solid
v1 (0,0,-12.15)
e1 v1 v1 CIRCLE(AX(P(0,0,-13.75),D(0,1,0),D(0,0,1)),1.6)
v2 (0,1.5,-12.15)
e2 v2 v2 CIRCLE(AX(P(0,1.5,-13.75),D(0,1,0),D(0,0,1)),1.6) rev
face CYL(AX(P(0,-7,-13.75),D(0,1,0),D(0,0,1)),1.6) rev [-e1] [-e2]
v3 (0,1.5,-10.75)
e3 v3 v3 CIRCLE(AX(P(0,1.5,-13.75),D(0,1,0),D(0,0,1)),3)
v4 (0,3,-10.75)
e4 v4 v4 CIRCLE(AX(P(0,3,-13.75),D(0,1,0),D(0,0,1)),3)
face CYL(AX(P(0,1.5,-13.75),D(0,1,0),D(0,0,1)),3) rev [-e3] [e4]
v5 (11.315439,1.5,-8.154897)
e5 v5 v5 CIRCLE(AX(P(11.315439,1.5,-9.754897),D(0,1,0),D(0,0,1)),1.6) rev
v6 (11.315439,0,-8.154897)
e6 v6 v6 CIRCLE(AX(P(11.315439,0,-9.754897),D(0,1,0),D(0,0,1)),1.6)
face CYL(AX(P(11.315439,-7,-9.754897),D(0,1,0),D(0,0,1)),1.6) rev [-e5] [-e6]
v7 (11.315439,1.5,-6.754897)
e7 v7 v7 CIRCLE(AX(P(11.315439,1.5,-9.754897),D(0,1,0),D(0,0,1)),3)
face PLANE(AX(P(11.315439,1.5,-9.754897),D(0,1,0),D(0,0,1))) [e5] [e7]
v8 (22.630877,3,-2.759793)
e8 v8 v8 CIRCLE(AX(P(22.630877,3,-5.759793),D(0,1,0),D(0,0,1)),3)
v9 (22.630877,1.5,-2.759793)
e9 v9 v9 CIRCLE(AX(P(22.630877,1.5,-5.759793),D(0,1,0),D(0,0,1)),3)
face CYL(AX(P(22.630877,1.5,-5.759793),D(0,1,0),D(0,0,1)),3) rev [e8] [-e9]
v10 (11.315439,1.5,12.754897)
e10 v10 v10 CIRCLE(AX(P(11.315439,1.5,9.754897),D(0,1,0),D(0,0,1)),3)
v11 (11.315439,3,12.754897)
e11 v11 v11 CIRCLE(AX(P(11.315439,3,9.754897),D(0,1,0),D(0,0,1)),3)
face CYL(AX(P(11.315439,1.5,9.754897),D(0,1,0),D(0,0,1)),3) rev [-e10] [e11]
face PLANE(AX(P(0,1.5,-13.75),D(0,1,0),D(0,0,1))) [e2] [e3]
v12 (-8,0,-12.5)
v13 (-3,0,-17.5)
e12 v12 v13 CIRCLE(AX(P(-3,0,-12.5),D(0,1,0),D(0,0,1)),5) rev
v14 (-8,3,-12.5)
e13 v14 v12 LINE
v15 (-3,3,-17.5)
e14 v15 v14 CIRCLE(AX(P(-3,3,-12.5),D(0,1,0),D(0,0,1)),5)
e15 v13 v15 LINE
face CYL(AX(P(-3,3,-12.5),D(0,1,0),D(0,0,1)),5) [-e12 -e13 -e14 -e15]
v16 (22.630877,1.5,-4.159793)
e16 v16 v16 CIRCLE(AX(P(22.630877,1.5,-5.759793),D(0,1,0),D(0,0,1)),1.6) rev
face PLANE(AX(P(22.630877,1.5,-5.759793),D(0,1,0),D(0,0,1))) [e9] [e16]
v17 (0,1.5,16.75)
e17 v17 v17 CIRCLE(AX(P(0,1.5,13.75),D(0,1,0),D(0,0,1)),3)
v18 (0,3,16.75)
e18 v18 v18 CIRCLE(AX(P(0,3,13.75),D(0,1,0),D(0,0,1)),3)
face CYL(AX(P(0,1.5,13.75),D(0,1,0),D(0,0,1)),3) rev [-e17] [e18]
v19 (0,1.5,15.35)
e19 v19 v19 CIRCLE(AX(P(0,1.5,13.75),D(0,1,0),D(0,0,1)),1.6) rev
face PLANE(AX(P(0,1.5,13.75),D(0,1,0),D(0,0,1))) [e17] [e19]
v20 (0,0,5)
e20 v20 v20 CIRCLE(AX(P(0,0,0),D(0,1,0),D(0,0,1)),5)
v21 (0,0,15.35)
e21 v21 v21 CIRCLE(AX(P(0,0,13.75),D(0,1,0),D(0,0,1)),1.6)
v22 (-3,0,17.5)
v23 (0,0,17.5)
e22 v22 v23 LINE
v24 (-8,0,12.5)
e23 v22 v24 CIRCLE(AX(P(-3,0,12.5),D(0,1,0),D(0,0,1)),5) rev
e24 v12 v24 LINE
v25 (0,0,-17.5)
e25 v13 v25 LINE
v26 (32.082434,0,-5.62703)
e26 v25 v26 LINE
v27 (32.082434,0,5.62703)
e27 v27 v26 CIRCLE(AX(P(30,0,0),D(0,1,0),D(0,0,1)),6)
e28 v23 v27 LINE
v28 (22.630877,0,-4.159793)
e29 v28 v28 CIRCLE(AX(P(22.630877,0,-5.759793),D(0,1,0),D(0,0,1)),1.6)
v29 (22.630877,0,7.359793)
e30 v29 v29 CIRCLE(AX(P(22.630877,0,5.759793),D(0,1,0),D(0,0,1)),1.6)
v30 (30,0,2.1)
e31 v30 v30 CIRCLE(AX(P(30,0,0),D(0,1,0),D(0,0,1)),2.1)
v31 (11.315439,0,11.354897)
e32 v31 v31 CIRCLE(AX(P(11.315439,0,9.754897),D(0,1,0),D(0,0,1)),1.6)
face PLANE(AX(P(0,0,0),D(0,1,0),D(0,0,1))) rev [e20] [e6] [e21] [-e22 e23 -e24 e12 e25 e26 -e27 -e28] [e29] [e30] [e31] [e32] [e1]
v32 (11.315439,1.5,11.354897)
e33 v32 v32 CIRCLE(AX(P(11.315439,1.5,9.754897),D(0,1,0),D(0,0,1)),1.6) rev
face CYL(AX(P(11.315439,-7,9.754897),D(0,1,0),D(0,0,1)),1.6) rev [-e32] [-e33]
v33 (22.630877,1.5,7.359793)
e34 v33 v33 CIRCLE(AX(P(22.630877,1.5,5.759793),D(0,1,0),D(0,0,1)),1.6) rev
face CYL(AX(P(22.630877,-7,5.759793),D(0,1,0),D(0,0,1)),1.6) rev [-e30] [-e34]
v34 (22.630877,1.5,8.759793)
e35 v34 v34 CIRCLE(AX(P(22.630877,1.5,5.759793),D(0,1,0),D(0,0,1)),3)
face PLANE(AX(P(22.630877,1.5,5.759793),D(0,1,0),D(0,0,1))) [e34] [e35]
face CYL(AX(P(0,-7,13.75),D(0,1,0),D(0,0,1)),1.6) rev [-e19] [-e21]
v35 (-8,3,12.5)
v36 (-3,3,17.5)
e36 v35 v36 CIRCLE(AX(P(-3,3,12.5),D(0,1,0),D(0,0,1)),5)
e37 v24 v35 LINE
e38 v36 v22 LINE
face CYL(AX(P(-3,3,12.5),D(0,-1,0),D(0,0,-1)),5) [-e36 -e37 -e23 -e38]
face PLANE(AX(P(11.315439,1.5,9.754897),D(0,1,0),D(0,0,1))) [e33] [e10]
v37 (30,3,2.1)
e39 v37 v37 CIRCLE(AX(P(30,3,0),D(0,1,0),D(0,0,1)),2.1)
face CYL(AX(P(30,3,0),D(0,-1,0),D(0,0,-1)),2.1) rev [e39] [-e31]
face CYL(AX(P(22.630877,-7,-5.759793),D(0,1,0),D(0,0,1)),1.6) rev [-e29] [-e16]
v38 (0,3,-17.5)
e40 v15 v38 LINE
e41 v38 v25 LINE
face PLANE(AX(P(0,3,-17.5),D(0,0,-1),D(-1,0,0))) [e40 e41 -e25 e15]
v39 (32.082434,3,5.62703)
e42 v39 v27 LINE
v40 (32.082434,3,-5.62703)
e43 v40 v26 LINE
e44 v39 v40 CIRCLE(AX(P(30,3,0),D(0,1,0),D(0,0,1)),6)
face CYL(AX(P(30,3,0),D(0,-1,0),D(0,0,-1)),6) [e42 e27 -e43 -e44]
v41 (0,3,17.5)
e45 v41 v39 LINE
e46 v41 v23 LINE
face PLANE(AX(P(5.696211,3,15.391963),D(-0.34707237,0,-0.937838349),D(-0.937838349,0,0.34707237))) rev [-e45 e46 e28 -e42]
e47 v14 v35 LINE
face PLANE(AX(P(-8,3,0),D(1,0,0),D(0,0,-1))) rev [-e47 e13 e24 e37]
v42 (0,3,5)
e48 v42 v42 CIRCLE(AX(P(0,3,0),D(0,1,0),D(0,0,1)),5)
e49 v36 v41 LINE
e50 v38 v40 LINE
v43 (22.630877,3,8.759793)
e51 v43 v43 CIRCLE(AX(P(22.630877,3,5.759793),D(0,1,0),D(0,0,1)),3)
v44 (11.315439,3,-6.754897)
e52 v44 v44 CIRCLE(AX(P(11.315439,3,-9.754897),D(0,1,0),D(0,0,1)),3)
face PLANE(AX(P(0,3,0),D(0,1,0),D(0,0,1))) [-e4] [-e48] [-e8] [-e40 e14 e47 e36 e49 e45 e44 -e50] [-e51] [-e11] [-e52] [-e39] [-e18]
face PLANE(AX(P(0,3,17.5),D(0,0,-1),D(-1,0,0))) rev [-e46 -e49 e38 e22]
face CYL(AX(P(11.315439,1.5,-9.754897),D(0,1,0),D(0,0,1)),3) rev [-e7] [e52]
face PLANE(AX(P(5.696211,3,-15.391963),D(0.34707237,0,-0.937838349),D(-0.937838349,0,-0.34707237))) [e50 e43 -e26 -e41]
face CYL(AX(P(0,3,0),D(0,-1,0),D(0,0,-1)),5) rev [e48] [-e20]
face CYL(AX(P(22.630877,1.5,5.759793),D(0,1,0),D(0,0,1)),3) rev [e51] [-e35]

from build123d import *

# Parameters (mm, degrees)
SKETCH1_R           = 2.1
SKETCH1_R_2         = 5
BOSS_EXTRUDE1_DEPTH = 3
SKETCH3_R           = 1.6
CUT_EXTRUDE1_DEPTH  = 10
FILLET1_R           = 5
SKETCH4_R           = 3
CUT_EXTRUDE2_DEPTH  = 1.5


with BuildPart() as part:
    # Sketch1 → Boss-Extrude1 (new body)
    with BuildSketch(Plane(origin=(0, 0, 0), x_dir=(1, 0, 0), z_dir=(0, 1, 0))):
        with BuildLine():
            Line((-8, 17.5), (-8, -17.5))
            Line((-8, -17.5), (0, -17.5))
            Line((0, -17.5), (32.082434223, -5.627030097))
            ThreePointArc((32.082434223, -5.627030097), (36, 0), (32.082434223, 5.627030097))
            Line((32.082434223, 5.627030097), (0, 17.5))
            Line((0, 17.5), (-8, 17.5))
        make_face()
        with Locations(Location((30, 0, 0), (0, 0, 270))):
            Circle(SKETCH1_R, mode=Mode.SUBTRACT)
        with Locations(Location((0, 0, 0), (0, 0, 270))):
            Circle(SKETCH1_R_2, mode=Mode.SUBTRACT)
    extrude(amount=BOSS_EXTRUDE1_DEPTH)

    # Sketch3 → Cut-Extrude1 (cut)
    with BuildSketch(Plane(origin=(0, 3, 0), x_dir=(1, 0, 0), z_dir=(0, 1, 0))):
        with Locations(Location((0, 13.75, 0), (0, 0, 270))):
            Circle(SKETCH3_R)
        with Locations(Location((11.315438541, 9.754896669, 0), (0, 0, 270))):
            Circle(SKETCH3_R)
        with Locations(Location((22.630877082, 5.759793337, 0), (0, 0, 270))):
            Circle(SKETCH3_R)
        with Locations(Location((22.630877082, -5.759793337, 0), (0, 0, 270))):
            Circle(SKETCH3_R)
        with Locations(Location((0, -13.75, 0), (0, 0, 270))):
            Circle(SKETCH3_R)
        with Locations(Location((11.315438541, -9.754896669, 0), (0, 0, 270))):
            Circle(SKETCH3_R)
    extrude(amount=-CUT_EXTRUDE1_DEPTH, mode=Mode.SUBTRACT)

    # Fillet1
    fillet1_edges = [part.edges().sort_by_distance(p)[0] for p in [
        (-8, 1.5, 17.5),
        (-8, 1.5, -17.5),
    ]]
    fillet(fillet1_edges, radius=FILLET1_R)

    # Sketch4 → Cut-Extrude2 (cut)
    with BuildSketch(Plane(origin=(0, 3, 0), x_dir=(1, 0, 0), z_dir=(0, 1, 0))):
        with Locations(Location((0, 13.75, 0), (0, 0, 270))):
            Circle(SKETCH4_R)
        with Locations(Location((11.315438541, 9.754896669, 0), (0, 0, 270))):
            Circle(SKETCH4_R)
        with Locations(Location((22.630877082, 5.759793337, 0), (0, 0, 270))):
            Circle(SKETCH4_R)
        with Locations(Location((22.630877082, -5.759793337, 0), (0, 0, 270))):
            Circle(SKETCH4_R)
        with Locations(Location((11.315438541, -9.754896669, 0), (0, 0, 270))):
            Circle(SKETCH4_R)
        with Locations(Location((0, -13.75, 0), (0, 0, 270))):
            Circle(SKETCH4_R)
    extrude(amount=-CUT_EXTRUDE2_DEPTH, mode=Mode.SUBTRACT)


solid = part.part
